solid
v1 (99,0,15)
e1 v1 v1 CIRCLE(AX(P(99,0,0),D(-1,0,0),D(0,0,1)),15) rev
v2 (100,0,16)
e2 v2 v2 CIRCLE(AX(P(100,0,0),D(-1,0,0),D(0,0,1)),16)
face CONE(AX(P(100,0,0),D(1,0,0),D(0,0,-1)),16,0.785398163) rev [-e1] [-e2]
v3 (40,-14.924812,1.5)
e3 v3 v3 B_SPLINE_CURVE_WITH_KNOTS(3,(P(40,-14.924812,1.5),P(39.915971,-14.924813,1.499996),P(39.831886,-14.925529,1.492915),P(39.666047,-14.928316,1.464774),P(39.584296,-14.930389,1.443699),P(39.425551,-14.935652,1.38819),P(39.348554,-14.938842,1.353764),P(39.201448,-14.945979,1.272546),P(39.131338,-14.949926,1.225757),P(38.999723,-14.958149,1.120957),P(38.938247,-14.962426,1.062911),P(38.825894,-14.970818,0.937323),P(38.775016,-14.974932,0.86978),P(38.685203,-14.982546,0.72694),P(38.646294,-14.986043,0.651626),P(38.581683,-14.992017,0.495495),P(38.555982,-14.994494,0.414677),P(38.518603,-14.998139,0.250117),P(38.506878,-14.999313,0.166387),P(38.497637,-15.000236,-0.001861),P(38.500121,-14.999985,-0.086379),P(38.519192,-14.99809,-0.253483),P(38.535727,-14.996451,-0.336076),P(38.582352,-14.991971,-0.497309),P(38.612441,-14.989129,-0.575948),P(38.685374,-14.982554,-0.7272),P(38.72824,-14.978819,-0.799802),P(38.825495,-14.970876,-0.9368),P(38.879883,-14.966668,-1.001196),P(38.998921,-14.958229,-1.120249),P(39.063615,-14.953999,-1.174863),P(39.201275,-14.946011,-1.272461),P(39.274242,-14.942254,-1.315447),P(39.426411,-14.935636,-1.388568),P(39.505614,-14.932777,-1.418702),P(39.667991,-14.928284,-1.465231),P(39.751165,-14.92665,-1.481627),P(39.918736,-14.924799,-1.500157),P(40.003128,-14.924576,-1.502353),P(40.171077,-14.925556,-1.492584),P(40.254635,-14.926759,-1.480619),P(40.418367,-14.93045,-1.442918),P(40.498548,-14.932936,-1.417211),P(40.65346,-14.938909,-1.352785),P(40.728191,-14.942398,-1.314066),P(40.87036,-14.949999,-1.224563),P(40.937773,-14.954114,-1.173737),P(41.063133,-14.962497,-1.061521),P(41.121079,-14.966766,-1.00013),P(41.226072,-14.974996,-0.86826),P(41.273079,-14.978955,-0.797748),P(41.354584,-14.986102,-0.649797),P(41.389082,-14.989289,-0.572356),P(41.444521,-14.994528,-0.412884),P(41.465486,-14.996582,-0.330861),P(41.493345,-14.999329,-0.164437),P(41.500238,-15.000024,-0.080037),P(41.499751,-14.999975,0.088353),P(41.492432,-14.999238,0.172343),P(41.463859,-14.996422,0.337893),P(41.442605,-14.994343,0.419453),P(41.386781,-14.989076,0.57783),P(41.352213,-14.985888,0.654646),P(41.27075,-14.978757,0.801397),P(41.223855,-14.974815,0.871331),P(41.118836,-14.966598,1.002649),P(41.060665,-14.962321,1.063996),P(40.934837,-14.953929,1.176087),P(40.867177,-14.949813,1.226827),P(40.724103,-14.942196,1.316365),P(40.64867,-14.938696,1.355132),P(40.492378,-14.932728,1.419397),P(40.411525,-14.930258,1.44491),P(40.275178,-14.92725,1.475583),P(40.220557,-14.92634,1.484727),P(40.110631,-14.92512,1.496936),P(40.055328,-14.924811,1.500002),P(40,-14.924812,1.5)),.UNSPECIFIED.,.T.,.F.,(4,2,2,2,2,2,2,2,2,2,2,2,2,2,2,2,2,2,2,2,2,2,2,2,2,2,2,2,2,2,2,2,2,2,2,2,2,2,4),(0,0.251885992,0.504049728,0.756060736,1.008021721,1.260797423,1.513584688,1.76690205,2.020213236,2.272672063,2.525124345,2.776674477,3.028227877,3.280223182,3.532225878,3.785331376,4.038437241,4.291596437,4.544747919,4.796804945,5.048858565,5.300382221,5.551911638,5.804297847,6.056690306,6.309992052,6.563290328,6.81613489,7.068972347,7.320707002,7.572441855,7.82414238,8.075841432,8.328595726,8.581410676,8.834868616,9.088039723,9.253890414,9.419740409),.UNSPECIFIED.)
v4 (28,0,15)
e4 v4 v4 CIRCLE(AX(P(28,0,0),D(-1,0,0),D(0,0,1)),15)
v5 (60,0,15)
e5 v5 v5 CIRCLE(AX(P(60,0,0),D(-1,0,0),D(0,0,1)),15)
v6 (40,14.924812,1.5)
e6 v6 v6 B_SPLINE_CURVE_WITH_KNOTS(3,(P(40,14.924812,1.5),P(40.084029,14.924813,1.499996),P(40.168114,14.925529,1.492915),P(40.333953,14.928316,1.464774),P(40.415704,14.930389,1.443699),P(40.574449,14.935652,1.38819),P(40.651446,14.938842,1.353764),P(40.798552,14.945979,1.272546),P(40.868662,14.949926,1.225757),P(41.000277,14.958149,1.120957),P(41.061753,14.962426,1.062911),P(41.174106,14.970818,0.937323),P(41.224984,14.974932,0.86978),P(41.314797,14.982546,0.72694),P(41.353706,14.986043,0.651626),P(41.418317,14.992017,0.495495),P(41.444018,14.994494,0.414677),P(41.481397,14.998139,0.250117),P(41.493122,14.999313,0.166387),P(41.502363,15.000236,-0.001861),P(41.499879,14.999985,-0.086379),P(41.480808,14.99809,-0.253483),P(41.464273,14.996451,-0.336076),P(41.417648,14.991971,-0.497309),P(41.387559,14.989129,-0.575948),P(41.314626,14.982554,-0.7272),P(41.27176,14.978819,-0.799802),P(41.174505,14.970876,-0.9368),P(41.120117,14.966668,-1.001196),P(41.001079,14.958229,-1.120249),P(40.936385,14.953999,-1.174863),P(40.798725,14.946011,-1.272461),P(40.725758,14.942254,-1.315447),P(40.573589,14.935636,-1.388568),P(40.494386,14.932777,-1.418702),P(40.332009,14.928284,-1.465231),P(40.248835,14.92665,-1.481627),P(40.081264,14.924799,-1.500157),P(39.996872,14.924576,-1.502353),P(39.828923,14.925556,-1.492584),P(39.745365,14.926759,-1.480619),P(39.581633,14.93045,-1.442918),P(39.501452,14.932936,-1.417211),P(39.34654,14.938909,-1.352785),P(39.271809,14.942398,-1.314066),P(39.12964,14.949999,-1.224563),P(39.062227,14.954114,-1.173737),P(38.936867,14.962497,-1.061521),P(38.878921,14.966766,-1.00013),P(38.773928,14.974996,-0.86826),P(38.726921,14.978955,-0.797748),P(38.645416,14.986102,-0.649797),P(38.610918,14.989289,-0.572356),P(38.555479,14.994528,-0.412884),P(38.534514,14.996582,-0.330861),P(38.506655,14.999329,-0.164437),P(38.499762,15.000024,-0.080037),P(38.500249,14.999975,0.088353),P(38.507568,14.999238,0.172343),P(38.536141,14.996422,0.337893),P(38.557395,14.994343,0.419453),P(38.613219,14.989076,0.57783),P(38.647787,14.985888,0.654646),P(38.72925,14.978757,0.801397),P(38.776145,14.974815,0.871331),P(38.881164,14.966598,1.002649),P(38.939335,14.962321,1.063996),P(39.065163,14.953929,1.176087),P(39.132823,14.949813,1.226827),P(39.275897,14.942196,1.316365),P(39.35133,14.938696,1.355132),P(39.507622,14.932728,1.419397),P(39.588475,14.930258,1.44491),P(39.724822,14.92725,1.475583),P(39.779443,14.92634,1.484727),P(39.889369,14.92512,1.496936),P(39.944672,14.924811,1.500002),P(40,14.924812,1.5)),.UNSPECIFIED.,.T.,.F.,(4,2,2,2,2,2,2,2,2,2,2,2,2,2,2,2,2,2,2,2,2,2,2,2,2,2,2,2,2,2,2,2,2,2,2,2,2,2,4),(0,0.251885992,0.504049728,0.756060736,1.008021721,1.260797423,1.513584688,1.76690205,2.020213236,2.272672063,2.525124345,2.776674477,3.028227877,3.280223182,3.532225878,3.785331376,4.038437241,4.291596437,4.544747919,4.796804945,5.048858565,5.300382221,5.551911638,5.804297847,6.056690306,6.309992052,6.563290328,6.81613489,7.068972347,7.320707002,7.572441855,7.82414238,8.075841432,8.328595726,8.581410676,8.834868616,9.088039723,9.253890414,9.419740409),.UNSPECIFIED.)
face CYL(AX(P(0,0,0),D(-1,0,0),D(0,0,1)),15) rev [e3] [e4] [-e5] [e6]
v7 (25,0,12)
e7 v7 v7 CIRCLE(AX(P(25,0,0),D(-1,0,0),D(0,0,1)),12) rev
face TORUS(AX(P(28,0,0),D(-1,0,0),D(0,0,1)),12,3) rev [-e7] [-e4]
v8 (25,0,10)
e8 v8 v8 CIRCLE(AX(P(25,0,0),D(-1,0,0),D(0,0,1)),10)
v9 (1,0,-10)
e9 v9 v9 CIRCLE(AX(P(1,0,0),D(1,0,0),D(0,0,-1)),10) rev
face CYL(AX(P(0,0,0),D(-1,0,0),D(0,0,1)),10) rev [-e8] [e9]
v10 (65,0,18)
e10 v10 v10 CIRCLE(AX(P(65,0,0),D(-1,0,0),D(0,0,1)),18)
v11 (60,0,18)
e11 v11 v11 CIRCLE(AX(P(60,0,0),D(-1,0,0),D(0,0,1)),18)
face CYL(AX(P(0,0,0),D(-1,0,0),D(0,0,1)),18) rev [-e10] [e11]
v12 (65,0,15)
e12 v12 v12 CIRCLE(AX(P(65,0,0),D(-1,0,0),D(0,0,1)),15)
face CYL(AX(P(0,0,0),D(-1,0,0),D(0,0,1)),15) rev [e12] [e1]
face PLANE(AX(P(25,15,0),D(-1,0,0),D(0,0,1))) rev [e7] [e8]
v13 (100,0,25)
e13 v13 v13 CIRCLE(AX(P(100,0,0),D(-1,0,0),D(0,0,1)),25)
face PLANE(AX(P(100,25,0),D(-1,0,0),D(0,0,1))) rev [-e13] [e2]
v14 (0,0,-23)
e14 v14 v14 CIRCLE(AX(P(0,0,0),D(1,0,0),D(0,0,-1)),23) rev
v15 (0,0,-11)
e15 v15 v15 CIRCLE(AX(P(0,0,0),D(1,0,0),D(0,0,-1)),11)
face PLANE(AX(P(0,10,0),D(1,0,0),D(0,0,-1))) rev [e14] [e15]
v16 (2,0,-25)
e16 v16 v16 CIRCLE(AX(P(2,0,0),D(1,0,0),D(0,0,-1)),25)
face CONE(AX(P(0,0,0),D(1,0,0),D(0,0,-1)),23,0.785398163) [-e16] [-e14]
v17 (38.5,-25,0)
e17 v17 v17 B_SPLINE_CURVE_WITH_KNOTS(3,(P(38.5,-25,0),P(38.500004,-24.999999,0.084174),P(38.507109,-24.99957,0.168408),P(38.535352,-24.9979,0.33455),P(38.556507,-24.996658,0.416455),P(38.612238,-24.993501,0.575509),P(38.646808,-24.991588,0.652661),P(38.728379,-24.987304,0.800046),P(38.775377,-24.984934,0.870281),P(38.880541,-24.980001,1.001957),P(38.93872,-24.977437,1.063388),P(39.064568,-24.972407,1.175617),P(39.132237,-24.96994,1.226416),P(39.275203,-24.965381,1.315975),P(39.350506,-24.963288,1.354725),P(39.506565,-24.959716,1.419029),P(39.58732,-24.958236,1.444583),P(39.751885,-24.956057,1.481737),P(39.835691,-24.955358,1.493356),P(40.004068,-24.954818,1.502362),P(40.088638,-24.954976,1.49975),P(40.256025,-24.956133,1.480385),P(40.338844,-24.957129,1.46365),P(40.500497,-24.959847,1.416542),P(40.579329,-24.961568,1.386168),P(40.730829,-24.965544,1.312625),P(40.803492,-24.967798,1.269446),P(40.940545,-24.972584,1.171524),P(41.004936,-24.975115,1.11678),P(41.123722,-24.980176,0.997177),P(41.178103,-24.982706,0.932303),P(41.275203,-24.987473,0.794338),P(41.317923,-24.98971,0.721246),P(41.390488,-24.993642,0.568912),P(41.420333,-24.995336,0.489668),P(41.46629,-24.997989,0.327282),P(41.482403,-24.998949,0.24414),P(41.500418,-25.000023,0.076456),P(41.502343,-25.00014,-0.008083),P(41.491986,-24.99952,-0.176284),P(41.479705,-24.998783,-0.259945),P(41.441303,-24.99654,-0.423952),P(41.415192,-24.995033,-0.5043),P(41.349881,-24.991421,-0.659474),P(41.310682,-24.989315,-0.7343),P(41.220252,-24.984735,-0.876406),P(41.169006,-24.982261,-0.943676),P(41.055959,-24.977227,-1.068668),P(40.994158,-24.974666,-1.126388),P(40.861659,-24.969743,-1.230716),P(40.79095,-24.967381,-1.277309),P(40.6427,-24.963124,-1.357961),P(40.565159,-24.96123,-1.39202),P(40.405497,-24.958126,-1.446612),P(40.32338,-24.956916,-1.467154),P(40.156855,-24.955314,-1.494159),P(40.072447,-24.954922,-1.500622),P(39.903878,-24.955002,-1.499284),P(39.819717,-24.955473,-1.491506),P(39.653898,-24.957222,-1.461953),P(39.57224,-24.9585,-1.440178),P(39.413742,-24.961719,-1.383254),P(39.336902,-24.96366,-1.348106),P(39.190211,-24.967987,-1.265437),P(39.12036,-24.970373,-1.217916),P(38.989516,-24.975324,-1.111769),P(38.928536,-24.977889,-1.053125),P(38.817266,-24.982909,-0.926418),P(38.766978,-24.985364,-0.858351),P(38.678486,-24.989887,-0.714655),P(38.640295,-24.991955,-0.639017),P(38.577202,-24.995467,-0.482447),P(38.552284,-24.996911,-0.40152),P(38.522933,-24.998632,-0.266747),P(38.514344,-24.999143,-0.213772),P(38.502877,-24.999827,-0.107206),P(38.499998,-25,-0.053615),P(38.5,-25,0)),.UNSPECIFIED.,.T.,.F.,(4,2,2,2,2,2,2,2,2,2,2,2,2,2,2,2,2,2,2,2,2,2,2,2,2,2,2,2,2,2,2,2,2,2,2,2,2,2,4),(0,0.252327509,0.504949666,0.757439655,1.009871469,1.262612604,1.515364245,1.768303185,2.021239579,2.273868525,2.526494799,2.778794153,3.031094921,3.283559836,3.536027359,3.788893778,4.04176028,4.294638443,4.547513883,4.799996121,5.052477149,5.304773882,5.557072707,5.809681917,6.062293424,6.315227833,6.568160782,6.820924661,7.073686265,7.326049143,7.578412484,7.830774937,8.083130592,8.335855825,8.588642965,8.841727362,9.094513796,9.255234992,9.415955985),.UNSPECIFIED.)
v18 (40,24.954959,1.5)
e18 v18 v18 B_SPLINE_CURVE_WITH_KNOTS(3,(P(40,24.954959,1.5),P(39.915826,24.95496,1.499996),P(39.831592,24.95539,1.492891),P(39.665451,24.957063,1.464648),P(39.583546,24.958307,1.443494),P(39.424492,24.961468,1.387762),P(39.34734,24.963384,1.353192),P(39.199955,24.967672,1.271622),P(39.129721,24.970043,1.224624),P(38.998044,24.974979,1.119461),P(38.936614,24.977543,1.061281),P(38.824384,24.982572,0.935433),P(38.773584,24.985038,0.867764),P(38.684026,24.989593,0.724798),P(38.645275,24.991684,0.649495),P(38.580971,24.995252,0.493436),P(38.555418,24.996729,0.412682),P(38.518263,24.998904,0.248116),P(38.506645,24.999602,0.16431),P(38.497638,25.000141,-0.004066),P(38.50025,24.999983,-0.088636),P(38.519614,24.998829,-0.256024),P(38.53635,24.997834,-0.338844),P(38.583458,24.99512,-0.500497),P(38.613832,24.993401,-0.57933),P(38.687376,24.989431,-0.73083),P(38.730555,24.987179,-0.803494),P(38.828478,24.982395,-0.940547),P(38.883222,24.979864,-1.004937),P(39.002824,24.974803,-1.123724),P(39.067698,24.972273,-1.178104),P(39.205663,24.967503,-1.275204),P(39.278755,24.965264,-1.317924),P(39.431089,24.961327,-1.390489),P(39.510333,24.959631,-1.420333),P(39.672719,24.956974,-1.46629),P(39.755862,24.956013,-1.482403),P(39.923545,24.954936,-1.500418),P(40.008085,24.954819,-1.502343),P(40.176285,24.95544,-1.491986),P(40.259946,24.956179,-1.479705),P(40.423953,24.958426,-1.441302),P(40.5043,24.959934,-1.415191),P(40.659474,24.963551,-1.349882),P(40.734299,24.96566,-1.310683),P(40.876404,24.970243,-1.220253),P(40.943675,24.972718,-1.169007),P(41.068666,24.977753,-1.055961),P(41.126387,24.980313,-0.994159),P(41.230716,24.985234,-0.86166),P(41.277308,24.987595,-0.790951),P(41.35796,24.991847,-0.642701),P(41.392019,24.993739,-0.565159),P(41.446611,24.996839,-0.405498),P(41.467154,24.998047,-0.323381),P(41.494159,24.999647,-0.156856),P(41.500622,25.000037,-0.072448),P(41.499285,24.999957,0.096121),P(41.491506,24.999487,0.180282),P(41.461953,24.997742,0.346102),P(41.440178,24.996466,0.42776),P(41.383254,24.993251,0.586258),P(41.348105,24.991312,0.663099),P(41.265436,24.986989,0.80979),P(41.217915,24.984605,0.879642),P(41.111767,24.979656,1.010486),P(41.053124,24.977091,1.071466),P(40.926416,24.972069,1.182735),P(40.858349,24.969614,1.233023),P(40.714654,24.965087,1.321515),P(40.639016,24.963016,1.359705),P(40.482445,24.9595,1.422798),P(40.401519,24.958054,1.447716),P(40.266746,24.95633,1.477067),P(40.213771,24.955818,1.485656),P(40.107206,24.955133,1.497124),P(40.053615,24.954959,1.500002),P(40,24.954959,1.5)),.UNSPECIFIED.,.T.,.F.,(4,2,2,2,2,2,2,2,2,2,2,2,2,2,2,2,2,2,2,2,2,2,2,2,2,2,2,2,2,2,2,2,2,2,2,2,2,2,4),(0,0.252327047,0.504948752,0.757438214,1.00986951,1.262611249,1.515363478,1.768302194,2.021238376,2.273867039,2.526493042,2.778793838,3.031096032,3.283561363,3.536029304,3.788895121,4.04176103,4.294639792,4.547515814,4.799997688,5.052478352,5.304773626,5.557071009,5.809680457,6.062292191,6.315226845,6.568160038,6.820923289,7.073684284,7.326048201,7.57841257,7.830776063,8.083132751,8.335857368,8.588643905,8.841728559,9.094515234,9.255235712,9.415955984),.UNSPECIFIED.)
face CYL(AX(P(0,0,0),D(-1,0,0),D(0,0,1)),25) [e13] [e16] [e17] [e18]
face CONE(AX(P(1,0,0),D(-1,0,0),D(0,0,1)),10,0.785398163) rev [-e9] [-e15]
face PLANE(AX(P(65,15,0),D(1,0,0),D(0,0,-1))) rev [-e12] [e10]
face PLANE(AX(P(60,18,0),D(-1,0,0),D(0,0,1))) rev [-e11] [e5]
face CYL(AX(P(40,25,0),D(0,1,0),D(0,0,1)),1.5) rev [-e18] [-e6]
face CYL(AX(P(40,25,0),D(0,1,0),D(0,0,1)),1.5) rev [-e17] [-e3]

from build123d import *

# Parameters (mm, degrees)
RACCORDO1_R    = 3
SMUSSO1_SIZE   = 2
SMUSSO2_SIZE   = 1
FORO_3_0_3_1_D = 3


with BuildPart() as part:
    # Schizzo2 → Rivoluzione1 (revolve)
    with BuildSketch(Plane.XY, mode=Mode.PRIVATE) as rivoluzione1_sk:
        Polygon((0, 10), (0, 25), (100, 25), (100, 15), (65, 15), (65, 18), (60, 18), (60, 15), (25, 15), (25, 10), align=None)
    revolve(rivoluzione1_sk.sketch.rotate(Axis((0, 0, 0), (1, 0, 0)), 90), axis=Axis((0, 0, 0), (1, 0, 0)))

    # Raccordo1
    raccordo1_edges = [part.edges().sort_by_distance(p)[0] for p in [
        (25, 0, -15),
    ]]
    fillet(raccordo1_edges, radius=RACCORDO1_R)

    # Smusso1
    smusso1_edges = [part.edges().sort_by_distance(p)[0] for p in [
        (0, 0, -25),
    ]]
    chamfer(smusso1_edges, length=SMUSSO1_SIZE)

    # Smusso2
    smusso2_edges = [part.edges().sort_by_distance(p)[0] for p in [
        (100, 0, -15),
        (0, 0, -10),
    ]]
    chamfer(smusso2_edges, length=SMUSSO2_SIZE)

    # Foro Ø3.0 (3)-1 (through all)
    with Locations(Plane(origin=(0, 25, 0), x_dir=(1, 0, 0), z_dir=(0, 1, 0))):
        with Locations((40, 0)):
            Hole(FORO_3_0_3_1_D / 2)


solid = part.part
